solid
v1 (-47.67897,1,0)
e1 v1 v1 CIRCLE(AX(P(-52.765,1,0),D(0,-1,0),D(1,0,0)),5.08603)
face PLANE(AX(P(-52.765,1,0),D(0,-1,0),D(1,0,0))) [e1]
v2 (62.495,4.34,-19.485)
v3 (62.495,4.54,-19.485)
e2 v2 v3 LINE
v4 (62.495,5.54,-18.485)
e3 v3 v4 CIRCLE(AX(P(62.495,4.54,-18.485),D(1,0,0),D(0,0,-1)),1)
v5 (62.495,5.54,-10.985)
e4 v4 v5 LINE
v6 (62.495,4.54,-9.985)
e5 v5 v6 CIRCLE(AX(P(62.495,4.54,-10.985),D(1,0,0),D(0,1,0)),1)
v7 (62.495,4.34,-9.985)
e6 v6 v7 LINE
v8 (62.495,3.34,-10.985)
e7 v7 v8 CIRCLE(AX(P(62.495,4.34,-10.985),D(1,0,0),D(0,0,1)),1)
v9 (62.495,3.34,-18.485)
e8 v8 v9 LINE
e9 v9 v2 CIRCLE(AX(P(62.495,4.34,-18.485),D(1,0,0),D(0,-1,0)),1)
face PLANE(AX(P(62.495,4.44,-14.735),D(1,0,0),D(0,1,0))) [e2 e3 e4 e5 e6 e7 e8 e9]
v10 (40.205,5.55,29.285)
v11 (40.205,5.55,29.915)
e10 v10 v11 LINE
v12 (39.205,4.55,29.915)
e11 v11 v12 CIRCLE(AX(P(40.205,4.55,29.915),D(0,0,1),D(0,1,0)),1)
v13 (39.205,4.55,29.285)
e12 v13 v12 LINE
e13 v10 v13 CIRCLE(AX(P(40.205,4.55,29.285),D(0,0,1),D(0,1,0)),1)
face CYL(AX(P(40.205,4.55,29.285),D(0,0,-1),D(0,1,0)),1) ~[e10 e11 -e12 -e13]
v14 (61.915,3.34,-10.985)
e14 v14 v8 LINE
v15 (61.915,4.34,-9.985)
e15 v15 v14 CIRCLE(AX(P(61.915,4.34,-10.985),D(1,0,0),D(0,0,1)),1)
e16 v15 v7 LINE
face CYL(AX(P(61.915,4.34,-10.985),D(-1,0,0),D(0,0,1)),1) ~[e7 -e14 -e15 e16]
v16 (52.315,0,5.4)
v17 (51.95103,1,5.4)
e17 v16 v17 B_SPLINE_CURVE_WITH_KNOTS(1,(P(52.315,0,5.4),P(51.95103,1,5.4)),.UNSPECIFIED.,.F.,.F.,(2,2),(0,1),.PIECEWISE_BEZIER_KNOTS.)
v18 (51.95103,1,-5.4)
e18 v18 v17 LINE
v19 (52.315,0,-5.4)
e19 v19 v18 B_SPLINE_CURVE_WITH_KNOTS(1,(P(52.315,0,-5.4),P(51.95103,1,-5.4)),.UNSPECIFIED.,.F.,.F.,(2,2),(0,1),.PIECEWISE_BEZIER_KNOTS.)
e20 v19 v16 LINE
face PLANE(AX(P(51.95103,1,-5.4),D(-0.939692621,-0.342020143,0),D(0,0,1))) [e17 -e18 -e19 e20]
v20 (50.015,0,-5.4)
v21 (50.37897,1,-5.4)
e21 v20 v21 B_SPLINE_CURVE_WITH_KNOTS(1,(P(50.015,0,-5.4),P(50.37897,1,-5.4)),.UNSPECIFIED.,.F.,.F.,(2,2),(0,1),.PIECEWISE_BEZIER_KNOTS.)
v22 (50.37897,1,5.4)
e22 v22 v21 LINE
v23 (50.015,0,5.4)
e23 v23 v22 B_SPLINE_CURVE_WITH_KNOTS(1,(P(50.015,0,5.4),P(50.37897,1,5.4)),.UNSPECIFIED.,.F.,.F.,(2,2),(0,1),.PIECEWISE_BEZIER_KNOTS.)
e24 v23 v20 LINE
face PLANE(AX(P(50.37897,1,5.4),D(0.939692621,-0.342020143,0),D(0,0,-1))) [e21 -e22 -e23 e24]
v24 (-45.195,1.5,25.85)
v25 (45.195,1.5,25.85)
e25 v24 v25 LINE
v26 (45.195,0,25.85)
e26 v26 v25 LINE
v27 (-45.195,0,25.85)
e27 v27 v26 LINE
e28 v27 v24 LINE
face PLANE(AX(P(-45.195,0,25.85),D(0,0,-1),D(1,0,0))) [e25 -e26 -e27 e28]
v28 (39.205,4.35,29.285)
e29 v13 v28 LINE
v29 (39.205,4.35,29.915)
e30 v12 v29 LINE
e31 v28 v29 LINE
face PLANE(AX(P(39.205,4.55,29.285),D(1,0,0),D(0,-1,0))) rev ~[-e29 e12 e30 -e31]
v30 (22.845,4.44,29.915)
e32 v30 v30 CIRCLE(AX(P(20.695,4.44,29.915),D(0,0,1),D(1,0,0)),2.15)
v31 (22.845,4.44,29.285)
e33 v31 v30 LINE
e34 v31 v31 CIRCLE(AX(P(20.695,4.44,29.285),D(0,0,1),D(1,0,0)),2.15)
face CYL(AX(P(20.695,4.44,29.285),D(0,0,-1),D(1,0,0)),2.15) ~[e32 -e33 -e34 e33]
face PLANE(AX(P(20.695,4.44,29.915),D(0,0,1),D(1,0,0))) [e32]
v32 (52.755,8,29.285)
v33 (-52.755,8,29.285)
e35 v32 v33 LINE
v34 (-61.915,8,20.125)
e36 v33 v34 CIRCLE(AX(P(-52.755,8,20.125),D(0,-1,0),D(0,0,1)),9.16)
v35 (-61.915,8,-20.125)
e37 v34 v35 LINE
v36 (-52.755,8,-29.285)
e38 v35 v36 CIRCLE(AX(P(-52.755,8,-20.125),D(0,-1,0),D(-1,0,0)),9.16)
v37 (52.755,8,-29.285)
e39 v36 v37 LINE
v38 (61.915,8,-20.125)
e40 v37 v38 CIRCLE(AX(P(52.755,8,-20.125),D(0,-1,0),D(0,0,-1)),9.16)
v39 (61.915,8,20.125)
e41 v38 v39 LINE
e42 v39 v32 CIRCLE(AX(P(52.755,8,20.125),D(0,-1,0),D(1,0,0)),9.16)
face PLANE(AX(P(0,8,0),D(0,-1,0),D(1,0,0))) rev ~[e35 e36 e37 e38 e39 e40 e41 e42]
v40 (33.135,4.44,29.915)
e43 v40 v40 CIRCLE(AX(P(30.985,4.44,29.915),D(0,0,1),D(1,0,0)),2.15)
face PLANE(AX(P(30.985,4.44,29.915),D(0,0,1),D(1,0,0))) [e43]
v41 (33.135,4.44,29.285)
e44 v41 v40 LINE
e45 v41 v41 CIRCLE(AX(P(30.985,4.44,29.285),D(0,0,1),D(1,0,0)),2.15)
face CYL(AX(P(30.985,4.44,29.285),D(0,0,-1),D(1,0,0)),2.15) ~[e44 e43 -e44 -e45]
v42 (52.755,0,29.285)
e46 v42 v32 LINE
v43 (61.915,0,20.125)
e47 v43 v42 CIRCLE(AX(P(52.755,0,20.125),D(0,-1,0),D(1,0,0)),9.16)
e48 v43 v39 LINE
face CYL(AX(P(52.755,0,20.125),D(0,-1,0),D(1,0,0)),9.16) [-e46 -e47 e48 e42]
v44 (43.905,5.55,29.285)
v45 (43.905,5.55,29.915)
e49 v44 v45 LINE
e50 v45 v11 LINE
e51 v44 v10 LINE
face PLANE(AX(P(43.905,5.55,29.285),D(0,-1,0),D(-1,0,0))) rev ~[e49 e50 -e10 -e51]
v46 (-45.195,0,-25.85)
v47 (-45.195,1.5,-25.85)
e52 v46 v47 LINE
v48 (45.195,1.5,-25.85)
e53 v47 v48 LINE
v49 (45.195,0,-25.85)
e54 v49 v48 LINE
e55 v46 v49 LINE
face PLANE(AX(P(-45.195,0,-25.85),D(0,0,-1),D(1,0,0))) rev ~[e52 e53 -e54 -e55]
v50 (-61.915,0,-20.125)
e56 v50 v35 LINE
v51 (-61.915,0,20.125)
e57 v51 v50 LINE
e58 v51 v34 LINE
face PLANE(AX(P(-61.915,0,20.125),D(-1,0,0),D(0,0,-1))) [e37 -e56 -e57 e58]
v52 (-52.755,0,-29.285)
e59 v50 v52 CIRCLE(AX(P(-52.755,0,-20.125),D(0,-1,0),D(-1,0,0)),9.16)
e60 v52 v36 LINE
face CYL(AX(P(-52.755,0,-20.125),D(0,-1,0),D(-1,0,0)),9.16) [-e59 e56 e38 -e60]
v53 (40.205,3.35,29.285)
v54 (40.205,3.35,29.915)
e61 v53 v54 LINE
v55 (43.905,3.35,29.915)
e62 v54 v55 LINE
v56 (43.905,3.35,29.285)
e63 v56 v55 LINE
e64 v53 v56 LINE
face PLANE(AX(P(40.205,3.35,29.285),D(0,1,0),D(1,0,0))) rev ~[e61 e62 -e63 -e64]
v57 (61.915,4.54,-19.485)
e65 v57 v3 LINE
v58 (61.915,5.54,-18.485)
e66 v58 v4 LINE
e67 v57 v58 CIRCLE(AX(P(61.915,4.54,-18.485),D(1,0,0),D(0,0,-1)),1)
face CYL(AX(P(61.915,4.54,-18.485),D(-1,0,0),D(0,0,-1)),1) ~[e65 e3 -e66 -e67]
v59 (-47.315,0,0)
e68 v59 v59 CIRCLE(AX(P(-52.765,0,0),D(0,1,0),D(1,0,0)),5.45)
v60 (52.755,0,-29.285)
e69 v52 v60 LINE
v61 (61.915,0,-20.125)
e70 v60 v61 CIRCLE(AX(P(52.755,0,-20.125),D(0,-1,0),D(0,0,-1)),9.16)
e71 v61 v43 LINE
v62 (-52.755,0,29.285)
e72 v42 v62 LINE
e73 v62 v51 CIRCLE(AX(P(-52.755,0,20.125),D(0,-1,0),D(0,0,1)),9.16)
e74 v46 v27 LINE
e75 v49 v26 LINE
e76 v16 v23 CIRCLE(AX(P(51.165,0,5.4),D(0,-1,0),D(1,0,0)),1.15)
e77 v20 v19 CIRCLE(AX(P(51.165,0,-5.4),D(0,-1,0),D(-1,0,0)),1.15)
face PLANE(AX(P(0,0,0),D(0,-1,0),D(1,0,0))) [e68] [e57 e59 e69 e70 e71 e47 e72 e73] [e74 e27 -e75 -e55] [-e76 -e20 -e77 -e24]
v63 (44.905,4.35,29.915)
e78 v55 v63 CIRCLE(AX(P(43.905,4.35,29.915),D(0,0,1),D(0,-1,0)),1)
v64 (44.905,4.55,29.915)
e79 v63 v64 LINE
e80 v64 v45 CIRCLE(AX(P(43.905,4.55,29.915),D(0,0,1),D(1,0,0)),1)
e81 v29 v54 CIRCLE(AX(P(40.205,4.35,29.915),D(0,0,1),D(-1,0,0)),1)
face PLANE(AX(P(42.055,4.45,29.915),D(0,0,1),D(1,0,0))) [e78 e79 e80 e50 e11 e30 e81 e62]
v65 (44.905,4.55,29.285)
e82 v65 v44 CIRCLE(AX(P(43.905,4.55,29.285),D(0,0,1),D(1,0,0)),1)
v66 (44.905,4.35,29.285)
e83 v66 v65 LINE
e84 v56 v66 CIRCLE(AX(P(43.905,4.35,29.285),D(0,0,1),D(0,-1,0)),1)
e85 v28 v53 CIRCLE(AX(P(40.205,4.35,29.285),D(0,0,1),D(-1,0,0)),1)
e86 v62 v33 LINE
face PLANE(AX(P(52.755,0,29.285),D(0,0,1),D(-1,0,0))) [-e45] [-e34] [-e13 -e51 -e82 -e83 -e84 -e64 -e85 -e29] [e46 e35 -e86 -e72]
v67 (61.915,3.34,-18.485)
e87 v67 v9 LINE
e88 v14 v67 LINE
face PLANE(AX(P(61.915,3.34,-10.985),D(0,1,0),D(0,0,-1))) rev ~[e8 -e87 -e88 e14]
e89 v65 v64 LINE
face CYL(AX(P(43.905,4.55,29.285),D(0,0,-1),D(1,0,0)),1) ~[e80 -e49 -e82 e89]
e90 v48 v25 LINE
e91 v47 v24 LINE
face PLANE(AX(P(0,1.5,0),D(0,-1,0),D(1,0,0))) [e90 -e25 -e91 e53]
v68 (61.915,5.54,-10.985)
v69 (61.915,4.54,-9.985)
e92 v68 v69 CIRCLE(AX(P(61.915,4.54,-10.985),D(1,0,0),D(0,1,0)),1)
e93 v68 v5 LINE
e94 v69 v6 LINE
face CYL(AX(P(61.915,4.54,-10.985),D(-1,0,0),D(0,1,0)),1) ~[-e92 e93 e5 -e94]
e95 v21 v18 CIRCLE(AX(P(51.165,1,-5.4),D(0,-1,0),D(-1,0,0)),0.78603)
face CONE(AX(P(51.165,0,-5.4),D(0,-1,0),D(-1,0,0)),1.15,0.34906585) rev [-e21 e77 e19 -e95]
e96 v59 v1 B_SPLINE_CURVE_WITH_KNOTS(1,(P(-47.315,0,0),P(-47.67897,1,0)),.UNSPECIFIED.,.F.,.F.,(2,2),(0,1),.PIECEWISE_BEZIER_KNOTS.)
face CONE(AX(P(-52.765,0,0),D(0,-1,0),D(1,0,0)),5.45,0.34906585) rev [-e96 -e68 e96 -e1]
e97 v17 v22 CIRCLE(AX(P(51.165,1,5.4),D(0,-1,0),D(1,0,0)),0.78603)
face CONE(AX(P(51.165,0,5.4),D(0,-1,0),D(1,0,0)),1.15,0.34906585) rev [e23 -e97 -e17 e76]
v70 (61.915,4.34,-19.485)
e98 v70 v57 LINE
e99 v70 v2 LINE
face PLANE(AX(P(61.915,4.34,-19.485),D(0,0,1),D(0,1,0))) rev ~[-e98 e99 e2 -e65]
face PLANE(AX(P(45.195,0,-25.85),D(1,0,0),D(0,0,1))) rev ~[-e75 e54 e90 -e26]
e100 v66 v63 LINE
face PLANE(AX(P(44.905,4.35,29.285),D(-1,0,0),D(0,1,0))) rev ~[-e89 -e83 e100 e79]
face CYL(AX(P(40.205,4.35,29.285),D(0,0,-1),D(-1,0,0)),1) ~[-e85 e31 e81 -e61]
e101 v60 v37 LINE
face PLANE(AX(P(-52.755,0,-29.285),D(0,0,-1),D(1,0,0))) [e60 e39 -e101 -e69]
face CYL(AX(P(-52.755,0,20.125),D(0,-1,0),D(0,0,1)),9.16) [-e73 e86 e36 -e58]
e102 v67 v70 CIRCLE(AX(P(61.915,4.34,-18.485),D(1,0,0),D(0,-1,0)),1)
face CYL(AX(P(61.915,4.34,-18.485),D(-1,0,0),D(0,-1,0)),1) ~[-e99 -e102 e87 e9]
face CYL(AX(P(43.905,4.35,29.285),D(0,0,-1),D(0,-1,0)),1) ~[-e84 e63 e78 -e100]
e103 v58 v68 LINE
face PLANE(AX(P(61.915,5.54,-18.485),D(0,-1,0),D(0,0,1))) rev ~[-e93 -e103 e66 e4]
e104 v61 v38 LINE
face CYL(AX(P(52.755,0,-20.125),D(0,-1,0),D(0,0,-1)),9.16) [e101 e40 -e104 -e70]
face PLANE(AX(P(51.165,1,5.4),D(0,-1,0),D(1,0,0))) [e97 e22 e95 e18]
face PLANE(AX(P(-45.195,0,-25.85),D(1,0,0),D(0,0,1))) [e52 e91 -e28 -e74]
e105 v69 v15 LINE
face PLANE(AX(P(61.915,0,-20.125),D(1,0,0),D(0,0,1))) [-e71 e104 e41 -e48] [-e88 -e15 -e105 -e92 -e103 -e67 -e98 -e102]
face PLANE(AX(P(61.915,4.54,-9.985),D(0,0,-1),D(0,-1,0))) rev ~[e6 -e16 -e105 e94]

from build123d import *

# Parameters (mm, degrees)
F1_DEPTH  = 8
F2_R      = 5.45
F3_DEPTH  = 1
F3_TAPER  = 20
F5_DEPTH  = 1
F5_TAPER  = 20
F6_R      = 2.15
F7_DEPTH  = 0.63
F8_W      = 90.39
F8_H      = 51.7
F9_DEPTH  = 1.5
F11_DEPTH = 0.58


with BuildPart() as f1:
    # F0 (on Front) → F1 (new body)
    with BuildSketch(Plane.XZ):
        with BuildLine():
            ThreePointArc((-61.915, -20.125), (-59.2320981157, -26.6020981157), (-52.755, -29.285))
            Line((-52.755, -29.285), (52.755, -29.285))
            ThreePointArc((52.755, -29.285), (59.2320981157, -26.6020981157), (61.915, -20.125))
            Line((61.915, -20.125), (61.915, 20.125))
            ThreePointArc((61.915, 20.125), (59.2320981157, 26.6020981157), (52.755, 29.285))
            Line((52.755, 29.285), (-52.755, 29.285))
            ThreePointArc((-52.755, 29.285), (-59.2320981157, 26.6020981157), (-61.915, 20.125))
            Line((-61.915, 20.125), (-61.915, -20.125))
        make_face()
    extrude(amount=-F1_DEPTH)

    # F2 (on face) → F3 (cut)
    with BuildSketch(Plane.XZ):
        with Locations((-52.765, 0)):
            Circle(F2_R)
    extrude(amount=-F3_DEPTH, taper=F3_TAPER, mode=Mode.SUBTRACT)

    # F4 (on face) → F5 (cut)
    with BuildSketch(Plane.XZ):
        with BuildLine():
            ThreePointArc((52.315, 5.4), (51.165, 6.55), (50.015, 5.4))
            Line((50.015, 5.4), (50.015, -5.4))
            ThreePointArc((50.015, -5.4), (51.165, -6.55), (52.315, -5.4))
            Line((52.315, -5.4), (52.315, 5.4))
        make_face()
    extrude(amount=-F5_DEPTH, taper=F5_TAPER, mode=Mode.SUBTRACT)

    # F6 (on face) → F7 (join)
    with BuildSketch(Plane.XY.offset(29.285)):
        with Locations((20.695, 4.44)):
            Circle(F6_R)
        with Locations((30.985, 4.44)):
            Circle(F6_R)
        with BuildLine():
            Line((43.905, 5.55), (40.205, 5.55))
            ThreePointArc((40.205, 5.55), (39.4978932188, 5.2571067812), (39.205, 4.55))
            Line((39.205, 4.55), (39.205, 4.35))
            ThreePointArc((39.205, 4.35), (39.4978932188, 3.6428932188), (40.205, 3.35))
            Line((40.205, 3.35), (43.905, 3.35))
            ThreePointArc((43.905, 3.35), (44.6121067812, 3.6428932188), (44.905, 4.35))
            Line((44.905, 4.35), (44.905, 4.55))
            ThreePointArc((44.905, 4.55), (44.6121067812, 5.2571067812), (43.905, 5.55))
        make_face()
    extrude(amount=F7_DEPTH)

    # F8 (on face) → F9 (cut)
    with BuildSketch(Plane.XZ):
        Rectangle(F8_W, F8_H)
    extrude(amount=-F9_DEPTH, mode=Mode.SUBTRACT)

    # F10 (on face) → F11 (join)
    with BuildSketch(Plane.YZ.offset(61.915)):
        with BuildLine():
            Line((4.54, -9.985), (4.34, -9.985))
            ThreePointArc((4.34, -9.985), (3.6328932188, -10.2778932188), (3.34, -10.985))
            Line((3.34, -10.985), (3.34, -18.485))
            ThreePointArc((3.34, -18.485), (3.6328932188, -19.1921067812), (4.34, -19.485))
            Line((4.34, -19.485), (4.54, -19.485))
            ThreePointArc((4.54, -19.485), (5.2471067812, -19.1921067812), (5.54, -18.485))
            Line((5.54, -18.485), (5.54, -10.985))
            ThreePointArc((5.54, -10.985), (5.2471067812, -10.2778932188), (4.54, -9.985))
        make_face()
    extrude(amount=F11_DEPTH)


solid = f1.part
